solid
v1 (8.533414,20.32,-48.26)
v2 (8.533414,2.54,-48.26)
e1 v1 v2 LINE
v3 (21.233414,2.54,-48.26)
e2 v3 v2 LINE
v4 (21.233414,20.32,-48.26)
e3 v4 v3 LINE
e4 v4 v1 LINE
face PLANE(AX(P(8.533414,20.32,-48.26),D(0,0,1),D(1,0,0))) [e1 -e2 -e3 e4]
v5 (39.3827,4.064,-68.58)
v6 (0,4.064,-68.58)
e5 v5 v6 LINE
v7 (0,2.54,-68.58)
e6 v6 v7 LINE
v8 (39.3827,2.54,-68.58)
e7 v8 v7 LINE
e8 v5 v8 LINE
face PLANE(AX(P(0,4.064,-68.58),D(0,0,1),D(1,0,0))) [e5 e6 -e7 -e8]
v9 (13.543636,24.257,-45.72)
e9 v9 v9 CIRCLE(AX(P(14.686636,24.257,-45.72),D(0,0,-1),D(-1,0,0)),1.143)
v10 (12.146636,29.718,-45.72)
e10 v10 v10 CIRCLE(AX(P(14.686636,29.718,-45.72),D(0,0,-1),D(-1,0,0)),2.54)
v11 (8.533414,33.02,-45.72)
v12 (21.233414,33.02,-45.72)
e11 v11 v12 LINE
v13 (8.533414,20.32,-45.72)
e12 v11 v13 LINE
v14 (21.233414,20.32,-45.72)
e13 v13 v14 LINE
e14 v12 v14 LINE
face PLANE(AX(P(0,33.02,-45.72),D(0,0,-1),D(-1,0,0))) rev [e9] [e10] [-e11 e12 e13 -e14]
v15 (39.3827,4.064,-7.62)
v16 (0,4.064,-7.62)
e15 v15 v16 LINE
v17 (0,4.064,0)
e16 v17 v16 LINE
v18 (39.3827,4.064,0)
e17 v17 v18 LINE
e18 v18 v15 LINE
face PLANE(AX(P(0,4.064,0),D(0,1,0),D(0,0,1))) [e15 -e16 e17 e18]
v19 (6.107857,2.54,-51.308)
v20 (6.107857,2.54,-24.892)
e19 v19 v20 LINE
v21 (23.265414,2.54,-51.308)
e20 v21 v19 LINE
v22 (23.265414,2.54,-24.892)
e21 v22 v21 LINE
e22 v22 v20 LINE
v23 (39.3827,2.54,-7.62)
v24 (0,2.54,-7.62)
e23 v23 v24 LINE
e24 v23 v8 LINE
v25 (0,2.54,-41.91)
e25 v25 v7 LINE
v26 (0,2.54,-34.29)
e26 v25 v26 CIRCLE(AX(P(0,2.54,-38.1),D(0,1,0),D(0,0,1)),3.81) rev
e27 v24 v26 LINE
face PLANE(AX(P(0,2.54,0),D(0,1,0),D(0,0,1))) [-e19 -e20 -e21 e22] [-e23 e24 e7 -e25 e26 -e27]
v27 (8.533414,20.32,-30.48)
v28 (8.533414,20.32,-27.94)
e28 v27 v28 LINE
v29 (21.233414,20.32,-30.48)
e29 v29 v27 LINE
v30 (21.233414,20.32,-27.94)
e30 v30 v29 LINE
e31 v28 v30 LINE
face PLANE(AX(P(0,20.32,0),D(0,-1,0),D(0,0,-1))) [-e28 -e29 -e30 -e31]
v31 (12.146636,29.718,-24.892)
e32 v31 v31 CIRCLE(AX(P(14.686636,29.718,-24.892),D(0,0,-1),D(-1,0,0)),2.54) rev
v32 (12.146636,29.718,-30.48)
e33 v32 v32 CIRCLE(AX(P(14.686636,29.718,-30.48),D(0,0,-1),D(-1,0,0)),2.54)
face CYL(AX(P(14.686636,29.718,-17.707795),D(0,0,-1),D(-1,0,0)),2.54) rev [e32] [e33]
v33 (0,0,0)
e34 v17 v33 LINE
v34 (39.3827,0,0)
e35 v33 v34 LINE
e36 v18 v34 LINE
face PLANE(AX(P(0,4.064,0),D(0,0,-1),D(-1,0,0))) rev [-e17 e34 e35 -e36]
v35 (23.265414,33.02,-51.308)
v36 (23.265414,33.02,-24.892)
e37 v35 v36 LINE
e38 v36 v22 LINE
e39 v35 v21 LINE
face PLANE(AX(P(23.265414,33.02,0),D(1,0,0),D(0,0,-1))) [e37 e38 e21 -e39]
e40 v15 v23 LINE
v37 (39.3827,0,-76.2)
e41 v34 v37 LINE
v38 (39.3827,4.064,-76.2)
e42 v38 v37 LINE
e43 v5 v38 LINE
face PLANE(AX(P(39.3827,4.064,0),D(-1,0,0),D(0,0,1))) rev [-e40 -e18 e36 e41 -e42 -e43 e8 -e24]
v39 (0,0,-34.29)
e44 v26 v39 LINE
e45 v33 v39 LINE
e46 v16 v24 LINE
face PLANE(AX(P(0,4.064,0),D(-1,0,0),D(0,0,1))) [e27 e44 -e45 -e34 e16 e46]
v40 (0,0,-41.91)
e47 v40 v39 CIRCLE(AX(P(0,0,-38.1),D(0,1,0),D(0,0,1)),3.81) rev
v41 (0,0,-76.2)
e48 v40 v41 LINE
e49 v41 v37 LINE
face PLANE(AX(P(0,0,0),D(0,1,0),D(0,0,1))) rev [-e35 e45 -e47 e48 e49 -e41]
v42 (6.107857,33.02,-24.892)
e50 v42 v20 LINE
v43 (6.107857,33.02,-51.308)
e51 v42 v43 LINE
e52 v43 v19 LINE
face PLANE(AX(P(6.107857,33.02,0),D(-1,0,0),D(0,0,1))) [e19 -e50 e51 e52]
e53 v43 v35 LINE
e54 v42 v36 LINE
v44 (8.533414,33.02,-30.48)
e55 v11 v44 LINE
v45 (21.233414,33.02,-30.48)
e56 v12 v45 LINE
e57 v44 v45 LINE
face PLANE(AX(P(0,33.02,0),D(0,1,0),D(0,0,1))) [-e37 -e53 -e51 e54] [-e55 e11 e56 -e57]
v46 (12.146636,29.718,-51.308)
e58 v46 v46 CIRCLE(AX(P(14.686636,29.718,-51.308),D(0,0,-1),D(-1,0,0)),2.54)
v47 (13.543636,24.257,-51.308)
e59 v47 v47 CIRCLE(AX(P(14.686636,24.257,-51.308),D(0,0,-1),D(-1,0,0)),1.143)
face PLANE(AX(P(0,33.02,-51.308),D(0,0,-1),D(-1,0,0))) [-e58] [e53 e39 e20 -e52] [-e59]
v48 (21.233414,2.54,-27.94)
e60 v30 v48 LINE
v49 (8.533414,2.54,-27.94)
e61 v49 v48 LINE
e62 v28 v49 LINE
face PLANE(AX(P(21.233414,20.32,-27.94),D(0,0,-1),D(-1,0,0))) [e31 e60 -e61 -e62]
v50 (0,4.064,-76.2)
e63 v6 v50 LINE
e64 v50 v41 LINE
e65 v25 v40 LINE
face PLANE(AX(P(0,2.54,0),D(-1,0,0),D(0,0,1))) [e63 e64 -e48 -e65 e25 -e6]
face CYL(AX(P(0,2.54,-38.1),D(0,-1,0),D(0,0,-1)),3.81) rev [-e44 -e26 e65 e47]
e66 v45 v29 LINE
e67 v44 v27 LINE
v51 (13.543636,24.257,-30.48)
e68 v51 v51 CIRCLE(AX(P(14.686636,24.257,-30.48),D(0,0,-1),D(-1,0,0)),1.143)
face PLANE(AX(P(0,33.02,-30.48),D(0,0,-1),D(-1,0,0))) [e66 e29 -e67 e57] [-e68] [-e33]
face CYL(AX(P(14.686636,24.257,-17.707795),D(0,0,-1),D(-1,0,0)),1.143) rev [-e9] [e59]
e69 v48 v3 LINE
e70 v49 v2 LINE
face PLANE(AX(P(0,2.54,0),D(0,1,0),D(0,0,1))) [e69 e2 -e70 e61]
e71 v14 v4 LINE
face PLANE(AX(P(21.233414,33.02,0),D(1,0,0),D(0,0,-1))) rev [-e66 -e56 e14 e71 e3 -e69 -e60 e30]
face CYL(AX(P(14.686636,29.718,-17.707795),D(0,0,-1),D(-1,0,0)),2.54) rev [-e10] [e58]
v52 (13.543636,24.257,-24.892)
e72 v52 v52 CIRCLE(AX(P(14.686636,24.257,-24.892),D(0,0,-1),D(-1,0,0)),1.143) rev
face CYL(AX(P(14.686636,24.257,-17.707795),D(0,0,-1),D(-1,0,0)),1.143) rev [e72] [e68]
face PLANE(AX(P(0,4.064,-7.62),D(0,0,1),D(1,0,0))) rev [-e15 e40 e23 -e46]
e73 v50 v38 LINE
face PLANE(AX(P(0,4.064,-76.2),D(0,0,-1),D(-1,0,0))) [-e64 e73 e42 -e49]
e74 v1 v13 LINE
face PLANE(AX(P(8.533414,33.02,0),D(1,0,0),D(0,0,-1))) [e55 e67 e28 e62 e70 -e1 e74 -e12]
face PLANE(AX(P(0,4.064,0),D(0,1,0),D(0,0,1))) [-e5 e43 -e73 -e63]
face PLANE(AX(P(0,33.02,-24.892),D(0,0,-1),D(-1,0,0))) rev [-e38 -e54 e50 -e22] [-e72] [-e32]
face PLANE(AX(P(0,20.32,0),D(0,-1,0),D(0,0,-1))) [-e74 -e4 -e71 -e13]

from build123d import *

# Parameters (mm, degrees)
SKETCH2_W             = 39.3827
SKETCH2_H             = 7.62
BOSS_EXTRUDE2_DEPTH   = 4.064
BOSS_EXTRUDE2_2_DEPTH = 4.064
BOSS_EXTRUDE3_DEPTH   = 2.54
BOSS_EXTRUDE4_DEPTH   = 33.02
SKETCH4_W             = 12.7
SKETCH4_H             = 2.54
CUT_EXTRUDE2_DEPTH    = 17.78
CUT_EXTRUDE3_REACH    = 74.621
SKETCH5_R             = 2.54
SKETCH5_R_2           = 1.143


with BuildPart() as part:
    # Sketch2 → Boss-Extrude2 (new body)
    with BuildSketch(Plane(origin=(0, 0, 0), x_dir=(1, 0, 0), z_dir=(0, 1, 0))):
        with Locations((19.69135, 3.81)):
            Rectangle(SKETCH2_W, SKETCH2_H)
    extrude(amount=BOSS_EXTRUDE2_DEPTH)



with BuildPart() as body_2:
    # Sketch2 → Boss-Extrude2 2 (new body)
    with BuildSketch(Plane(origin=(0, 0, 0), x_dir=(1, 0, 0), z_dir=(0, 1, 0))):
        with Locations((19.69135, 72.39)):
            Rectangle(SKETCH2_W, SKETCH2_H)
    extrude(amount=BOSS_EXTRUDE2_2_DEPTH)


with BuildPart() as part_1:
    add(part.part)

    add(body_2.part)  # Boss-Extrude3 merges body 2
    # Sketch2<3> → Boss-Extrude3 (add)
    with BuildSketch(Plane(origin=(0, 0, 0), x_dir=(1, 0, 0), z_dir=(0, 1, 0))):
        with BuildLine():
            Line((0, 34.29), (0, 7.62))
            Line((0, 7.62), (39.3827, 7.62))
            Line((39.3827, 7.62), (39.3827, 68.58))
            Line((39.3827, 68.58), (0, 68.58))
            Line((0, 68.58), (0, 41.91))
            ThreePointArc((0, 41.91), (3.81, 38.1), (0, 34.29))
        make_face()
    extrude(amount=BOSS_EXTRUDE3_DEPTH)

    # Sketch2<8> → Boss-Extrude4 (add)
    with BuildSketch(Plane(origin=(0, 0, 0), x_dir=(1, 0, 0), z_dir=(0, 1, 0))):
        Polygon((6.107856951, 51.308), (6.107856951, 38.1), (6.107856951, 24.892), (23.265414456, 24.892), (23.265414456, 51.308), align=None)
        Polygon((8.533414456, 30.48), (8.533414456, 38.1), (8.533414456, 45.72), (21.233414456, 45.72), (21.233414456, 30.48), align=None, mode=Mode.SUBTRACT)
    extrude(amount=BOSS_EXTRUDE4_DEPTH)

    # Sketch4 → Cut-Extrude2 (cut)
    with BuildSketch(Plane(origin=(0, 2.54, 0), x_dir=(1, 0, 0), z_dir=(0, 1, 0))):
        with Locations((14.883414456, 46.99)):
            Rectangle(SKETCH4_W, SKETCH4_H)
        with Locations((14.883414456, 29.21)):
            Rectangle(SKETCH4_W, SKETCH4_H)
    extrude(amount=CUT_EXTRUDE2_DEPTH, mode=Mode.SUBTRACT)

    # Cut-Extrude3: up to this face of the body (flat: up to its plane)
    cut_extrude3_end = Plane(part_1.part.faces().sort_by_distance((14.686635703, 17.78, -24.892))[0])
    # Sketch5 → Cut-Extrude3 (cut, up to the picked face)
    with BuildSketch(Plane(origin=(0, 0, -51.308), x_dir=(-1, 0, 0), z_dir=(0, 0, -1)), mode=Mode.PRIVATE) as cut_extrude3_sk1:
        with Locations((-14.686635703, 29.718)):
            Circle(SKETCH5_R)
    cut_extrude3_tool1 = split(extrude(cut_extrude3_sk1.sketch, amount=-CUT_EXTRUDE3_REACH, mode=Mode.PRIVATE), bisect_by=cut_extrude3_end, keep=Keep.BOTH, mode=Mode.PRIVATE)
    # Sketch5 → Cut-Extrude3 (cut, up to the picked face)
    with BuildSketch(Plane(origin=(0, 0, -51.308), x_dir=(-1, 0, 0), z_dir=(0, 0, -1)), mode=Mode.PRIVATE) as cut_extrude3_sk2:
        with Locations((-14.686635703, 24.257)):
            Circle(SKETCH5_R_2)
    cut_extrude3_tool2 = split(extrude(cut_extrude3_sk2.sketch, amount=-CUT_EXTRUDE3_REACH, mode=Mode.PRIVATE), bisect_by=cut_extrude3_end, keep=Keep.BOTH, mode=Mode.PRIVATE)
    add(cut_extrude3_tool1.solids().sort_by(Axis((14.686636, 29.718, -51.308), (0, 0, 1)))[0], mode=Mode.SUBTRACT)
    add(cut_extrude3_tool2.solids().sort_by(Axis((14.686636, 24.257, -51.308), (0, 0, 1)))[0], mode=Mode.SUBTRACT)


solid = part_1.part
